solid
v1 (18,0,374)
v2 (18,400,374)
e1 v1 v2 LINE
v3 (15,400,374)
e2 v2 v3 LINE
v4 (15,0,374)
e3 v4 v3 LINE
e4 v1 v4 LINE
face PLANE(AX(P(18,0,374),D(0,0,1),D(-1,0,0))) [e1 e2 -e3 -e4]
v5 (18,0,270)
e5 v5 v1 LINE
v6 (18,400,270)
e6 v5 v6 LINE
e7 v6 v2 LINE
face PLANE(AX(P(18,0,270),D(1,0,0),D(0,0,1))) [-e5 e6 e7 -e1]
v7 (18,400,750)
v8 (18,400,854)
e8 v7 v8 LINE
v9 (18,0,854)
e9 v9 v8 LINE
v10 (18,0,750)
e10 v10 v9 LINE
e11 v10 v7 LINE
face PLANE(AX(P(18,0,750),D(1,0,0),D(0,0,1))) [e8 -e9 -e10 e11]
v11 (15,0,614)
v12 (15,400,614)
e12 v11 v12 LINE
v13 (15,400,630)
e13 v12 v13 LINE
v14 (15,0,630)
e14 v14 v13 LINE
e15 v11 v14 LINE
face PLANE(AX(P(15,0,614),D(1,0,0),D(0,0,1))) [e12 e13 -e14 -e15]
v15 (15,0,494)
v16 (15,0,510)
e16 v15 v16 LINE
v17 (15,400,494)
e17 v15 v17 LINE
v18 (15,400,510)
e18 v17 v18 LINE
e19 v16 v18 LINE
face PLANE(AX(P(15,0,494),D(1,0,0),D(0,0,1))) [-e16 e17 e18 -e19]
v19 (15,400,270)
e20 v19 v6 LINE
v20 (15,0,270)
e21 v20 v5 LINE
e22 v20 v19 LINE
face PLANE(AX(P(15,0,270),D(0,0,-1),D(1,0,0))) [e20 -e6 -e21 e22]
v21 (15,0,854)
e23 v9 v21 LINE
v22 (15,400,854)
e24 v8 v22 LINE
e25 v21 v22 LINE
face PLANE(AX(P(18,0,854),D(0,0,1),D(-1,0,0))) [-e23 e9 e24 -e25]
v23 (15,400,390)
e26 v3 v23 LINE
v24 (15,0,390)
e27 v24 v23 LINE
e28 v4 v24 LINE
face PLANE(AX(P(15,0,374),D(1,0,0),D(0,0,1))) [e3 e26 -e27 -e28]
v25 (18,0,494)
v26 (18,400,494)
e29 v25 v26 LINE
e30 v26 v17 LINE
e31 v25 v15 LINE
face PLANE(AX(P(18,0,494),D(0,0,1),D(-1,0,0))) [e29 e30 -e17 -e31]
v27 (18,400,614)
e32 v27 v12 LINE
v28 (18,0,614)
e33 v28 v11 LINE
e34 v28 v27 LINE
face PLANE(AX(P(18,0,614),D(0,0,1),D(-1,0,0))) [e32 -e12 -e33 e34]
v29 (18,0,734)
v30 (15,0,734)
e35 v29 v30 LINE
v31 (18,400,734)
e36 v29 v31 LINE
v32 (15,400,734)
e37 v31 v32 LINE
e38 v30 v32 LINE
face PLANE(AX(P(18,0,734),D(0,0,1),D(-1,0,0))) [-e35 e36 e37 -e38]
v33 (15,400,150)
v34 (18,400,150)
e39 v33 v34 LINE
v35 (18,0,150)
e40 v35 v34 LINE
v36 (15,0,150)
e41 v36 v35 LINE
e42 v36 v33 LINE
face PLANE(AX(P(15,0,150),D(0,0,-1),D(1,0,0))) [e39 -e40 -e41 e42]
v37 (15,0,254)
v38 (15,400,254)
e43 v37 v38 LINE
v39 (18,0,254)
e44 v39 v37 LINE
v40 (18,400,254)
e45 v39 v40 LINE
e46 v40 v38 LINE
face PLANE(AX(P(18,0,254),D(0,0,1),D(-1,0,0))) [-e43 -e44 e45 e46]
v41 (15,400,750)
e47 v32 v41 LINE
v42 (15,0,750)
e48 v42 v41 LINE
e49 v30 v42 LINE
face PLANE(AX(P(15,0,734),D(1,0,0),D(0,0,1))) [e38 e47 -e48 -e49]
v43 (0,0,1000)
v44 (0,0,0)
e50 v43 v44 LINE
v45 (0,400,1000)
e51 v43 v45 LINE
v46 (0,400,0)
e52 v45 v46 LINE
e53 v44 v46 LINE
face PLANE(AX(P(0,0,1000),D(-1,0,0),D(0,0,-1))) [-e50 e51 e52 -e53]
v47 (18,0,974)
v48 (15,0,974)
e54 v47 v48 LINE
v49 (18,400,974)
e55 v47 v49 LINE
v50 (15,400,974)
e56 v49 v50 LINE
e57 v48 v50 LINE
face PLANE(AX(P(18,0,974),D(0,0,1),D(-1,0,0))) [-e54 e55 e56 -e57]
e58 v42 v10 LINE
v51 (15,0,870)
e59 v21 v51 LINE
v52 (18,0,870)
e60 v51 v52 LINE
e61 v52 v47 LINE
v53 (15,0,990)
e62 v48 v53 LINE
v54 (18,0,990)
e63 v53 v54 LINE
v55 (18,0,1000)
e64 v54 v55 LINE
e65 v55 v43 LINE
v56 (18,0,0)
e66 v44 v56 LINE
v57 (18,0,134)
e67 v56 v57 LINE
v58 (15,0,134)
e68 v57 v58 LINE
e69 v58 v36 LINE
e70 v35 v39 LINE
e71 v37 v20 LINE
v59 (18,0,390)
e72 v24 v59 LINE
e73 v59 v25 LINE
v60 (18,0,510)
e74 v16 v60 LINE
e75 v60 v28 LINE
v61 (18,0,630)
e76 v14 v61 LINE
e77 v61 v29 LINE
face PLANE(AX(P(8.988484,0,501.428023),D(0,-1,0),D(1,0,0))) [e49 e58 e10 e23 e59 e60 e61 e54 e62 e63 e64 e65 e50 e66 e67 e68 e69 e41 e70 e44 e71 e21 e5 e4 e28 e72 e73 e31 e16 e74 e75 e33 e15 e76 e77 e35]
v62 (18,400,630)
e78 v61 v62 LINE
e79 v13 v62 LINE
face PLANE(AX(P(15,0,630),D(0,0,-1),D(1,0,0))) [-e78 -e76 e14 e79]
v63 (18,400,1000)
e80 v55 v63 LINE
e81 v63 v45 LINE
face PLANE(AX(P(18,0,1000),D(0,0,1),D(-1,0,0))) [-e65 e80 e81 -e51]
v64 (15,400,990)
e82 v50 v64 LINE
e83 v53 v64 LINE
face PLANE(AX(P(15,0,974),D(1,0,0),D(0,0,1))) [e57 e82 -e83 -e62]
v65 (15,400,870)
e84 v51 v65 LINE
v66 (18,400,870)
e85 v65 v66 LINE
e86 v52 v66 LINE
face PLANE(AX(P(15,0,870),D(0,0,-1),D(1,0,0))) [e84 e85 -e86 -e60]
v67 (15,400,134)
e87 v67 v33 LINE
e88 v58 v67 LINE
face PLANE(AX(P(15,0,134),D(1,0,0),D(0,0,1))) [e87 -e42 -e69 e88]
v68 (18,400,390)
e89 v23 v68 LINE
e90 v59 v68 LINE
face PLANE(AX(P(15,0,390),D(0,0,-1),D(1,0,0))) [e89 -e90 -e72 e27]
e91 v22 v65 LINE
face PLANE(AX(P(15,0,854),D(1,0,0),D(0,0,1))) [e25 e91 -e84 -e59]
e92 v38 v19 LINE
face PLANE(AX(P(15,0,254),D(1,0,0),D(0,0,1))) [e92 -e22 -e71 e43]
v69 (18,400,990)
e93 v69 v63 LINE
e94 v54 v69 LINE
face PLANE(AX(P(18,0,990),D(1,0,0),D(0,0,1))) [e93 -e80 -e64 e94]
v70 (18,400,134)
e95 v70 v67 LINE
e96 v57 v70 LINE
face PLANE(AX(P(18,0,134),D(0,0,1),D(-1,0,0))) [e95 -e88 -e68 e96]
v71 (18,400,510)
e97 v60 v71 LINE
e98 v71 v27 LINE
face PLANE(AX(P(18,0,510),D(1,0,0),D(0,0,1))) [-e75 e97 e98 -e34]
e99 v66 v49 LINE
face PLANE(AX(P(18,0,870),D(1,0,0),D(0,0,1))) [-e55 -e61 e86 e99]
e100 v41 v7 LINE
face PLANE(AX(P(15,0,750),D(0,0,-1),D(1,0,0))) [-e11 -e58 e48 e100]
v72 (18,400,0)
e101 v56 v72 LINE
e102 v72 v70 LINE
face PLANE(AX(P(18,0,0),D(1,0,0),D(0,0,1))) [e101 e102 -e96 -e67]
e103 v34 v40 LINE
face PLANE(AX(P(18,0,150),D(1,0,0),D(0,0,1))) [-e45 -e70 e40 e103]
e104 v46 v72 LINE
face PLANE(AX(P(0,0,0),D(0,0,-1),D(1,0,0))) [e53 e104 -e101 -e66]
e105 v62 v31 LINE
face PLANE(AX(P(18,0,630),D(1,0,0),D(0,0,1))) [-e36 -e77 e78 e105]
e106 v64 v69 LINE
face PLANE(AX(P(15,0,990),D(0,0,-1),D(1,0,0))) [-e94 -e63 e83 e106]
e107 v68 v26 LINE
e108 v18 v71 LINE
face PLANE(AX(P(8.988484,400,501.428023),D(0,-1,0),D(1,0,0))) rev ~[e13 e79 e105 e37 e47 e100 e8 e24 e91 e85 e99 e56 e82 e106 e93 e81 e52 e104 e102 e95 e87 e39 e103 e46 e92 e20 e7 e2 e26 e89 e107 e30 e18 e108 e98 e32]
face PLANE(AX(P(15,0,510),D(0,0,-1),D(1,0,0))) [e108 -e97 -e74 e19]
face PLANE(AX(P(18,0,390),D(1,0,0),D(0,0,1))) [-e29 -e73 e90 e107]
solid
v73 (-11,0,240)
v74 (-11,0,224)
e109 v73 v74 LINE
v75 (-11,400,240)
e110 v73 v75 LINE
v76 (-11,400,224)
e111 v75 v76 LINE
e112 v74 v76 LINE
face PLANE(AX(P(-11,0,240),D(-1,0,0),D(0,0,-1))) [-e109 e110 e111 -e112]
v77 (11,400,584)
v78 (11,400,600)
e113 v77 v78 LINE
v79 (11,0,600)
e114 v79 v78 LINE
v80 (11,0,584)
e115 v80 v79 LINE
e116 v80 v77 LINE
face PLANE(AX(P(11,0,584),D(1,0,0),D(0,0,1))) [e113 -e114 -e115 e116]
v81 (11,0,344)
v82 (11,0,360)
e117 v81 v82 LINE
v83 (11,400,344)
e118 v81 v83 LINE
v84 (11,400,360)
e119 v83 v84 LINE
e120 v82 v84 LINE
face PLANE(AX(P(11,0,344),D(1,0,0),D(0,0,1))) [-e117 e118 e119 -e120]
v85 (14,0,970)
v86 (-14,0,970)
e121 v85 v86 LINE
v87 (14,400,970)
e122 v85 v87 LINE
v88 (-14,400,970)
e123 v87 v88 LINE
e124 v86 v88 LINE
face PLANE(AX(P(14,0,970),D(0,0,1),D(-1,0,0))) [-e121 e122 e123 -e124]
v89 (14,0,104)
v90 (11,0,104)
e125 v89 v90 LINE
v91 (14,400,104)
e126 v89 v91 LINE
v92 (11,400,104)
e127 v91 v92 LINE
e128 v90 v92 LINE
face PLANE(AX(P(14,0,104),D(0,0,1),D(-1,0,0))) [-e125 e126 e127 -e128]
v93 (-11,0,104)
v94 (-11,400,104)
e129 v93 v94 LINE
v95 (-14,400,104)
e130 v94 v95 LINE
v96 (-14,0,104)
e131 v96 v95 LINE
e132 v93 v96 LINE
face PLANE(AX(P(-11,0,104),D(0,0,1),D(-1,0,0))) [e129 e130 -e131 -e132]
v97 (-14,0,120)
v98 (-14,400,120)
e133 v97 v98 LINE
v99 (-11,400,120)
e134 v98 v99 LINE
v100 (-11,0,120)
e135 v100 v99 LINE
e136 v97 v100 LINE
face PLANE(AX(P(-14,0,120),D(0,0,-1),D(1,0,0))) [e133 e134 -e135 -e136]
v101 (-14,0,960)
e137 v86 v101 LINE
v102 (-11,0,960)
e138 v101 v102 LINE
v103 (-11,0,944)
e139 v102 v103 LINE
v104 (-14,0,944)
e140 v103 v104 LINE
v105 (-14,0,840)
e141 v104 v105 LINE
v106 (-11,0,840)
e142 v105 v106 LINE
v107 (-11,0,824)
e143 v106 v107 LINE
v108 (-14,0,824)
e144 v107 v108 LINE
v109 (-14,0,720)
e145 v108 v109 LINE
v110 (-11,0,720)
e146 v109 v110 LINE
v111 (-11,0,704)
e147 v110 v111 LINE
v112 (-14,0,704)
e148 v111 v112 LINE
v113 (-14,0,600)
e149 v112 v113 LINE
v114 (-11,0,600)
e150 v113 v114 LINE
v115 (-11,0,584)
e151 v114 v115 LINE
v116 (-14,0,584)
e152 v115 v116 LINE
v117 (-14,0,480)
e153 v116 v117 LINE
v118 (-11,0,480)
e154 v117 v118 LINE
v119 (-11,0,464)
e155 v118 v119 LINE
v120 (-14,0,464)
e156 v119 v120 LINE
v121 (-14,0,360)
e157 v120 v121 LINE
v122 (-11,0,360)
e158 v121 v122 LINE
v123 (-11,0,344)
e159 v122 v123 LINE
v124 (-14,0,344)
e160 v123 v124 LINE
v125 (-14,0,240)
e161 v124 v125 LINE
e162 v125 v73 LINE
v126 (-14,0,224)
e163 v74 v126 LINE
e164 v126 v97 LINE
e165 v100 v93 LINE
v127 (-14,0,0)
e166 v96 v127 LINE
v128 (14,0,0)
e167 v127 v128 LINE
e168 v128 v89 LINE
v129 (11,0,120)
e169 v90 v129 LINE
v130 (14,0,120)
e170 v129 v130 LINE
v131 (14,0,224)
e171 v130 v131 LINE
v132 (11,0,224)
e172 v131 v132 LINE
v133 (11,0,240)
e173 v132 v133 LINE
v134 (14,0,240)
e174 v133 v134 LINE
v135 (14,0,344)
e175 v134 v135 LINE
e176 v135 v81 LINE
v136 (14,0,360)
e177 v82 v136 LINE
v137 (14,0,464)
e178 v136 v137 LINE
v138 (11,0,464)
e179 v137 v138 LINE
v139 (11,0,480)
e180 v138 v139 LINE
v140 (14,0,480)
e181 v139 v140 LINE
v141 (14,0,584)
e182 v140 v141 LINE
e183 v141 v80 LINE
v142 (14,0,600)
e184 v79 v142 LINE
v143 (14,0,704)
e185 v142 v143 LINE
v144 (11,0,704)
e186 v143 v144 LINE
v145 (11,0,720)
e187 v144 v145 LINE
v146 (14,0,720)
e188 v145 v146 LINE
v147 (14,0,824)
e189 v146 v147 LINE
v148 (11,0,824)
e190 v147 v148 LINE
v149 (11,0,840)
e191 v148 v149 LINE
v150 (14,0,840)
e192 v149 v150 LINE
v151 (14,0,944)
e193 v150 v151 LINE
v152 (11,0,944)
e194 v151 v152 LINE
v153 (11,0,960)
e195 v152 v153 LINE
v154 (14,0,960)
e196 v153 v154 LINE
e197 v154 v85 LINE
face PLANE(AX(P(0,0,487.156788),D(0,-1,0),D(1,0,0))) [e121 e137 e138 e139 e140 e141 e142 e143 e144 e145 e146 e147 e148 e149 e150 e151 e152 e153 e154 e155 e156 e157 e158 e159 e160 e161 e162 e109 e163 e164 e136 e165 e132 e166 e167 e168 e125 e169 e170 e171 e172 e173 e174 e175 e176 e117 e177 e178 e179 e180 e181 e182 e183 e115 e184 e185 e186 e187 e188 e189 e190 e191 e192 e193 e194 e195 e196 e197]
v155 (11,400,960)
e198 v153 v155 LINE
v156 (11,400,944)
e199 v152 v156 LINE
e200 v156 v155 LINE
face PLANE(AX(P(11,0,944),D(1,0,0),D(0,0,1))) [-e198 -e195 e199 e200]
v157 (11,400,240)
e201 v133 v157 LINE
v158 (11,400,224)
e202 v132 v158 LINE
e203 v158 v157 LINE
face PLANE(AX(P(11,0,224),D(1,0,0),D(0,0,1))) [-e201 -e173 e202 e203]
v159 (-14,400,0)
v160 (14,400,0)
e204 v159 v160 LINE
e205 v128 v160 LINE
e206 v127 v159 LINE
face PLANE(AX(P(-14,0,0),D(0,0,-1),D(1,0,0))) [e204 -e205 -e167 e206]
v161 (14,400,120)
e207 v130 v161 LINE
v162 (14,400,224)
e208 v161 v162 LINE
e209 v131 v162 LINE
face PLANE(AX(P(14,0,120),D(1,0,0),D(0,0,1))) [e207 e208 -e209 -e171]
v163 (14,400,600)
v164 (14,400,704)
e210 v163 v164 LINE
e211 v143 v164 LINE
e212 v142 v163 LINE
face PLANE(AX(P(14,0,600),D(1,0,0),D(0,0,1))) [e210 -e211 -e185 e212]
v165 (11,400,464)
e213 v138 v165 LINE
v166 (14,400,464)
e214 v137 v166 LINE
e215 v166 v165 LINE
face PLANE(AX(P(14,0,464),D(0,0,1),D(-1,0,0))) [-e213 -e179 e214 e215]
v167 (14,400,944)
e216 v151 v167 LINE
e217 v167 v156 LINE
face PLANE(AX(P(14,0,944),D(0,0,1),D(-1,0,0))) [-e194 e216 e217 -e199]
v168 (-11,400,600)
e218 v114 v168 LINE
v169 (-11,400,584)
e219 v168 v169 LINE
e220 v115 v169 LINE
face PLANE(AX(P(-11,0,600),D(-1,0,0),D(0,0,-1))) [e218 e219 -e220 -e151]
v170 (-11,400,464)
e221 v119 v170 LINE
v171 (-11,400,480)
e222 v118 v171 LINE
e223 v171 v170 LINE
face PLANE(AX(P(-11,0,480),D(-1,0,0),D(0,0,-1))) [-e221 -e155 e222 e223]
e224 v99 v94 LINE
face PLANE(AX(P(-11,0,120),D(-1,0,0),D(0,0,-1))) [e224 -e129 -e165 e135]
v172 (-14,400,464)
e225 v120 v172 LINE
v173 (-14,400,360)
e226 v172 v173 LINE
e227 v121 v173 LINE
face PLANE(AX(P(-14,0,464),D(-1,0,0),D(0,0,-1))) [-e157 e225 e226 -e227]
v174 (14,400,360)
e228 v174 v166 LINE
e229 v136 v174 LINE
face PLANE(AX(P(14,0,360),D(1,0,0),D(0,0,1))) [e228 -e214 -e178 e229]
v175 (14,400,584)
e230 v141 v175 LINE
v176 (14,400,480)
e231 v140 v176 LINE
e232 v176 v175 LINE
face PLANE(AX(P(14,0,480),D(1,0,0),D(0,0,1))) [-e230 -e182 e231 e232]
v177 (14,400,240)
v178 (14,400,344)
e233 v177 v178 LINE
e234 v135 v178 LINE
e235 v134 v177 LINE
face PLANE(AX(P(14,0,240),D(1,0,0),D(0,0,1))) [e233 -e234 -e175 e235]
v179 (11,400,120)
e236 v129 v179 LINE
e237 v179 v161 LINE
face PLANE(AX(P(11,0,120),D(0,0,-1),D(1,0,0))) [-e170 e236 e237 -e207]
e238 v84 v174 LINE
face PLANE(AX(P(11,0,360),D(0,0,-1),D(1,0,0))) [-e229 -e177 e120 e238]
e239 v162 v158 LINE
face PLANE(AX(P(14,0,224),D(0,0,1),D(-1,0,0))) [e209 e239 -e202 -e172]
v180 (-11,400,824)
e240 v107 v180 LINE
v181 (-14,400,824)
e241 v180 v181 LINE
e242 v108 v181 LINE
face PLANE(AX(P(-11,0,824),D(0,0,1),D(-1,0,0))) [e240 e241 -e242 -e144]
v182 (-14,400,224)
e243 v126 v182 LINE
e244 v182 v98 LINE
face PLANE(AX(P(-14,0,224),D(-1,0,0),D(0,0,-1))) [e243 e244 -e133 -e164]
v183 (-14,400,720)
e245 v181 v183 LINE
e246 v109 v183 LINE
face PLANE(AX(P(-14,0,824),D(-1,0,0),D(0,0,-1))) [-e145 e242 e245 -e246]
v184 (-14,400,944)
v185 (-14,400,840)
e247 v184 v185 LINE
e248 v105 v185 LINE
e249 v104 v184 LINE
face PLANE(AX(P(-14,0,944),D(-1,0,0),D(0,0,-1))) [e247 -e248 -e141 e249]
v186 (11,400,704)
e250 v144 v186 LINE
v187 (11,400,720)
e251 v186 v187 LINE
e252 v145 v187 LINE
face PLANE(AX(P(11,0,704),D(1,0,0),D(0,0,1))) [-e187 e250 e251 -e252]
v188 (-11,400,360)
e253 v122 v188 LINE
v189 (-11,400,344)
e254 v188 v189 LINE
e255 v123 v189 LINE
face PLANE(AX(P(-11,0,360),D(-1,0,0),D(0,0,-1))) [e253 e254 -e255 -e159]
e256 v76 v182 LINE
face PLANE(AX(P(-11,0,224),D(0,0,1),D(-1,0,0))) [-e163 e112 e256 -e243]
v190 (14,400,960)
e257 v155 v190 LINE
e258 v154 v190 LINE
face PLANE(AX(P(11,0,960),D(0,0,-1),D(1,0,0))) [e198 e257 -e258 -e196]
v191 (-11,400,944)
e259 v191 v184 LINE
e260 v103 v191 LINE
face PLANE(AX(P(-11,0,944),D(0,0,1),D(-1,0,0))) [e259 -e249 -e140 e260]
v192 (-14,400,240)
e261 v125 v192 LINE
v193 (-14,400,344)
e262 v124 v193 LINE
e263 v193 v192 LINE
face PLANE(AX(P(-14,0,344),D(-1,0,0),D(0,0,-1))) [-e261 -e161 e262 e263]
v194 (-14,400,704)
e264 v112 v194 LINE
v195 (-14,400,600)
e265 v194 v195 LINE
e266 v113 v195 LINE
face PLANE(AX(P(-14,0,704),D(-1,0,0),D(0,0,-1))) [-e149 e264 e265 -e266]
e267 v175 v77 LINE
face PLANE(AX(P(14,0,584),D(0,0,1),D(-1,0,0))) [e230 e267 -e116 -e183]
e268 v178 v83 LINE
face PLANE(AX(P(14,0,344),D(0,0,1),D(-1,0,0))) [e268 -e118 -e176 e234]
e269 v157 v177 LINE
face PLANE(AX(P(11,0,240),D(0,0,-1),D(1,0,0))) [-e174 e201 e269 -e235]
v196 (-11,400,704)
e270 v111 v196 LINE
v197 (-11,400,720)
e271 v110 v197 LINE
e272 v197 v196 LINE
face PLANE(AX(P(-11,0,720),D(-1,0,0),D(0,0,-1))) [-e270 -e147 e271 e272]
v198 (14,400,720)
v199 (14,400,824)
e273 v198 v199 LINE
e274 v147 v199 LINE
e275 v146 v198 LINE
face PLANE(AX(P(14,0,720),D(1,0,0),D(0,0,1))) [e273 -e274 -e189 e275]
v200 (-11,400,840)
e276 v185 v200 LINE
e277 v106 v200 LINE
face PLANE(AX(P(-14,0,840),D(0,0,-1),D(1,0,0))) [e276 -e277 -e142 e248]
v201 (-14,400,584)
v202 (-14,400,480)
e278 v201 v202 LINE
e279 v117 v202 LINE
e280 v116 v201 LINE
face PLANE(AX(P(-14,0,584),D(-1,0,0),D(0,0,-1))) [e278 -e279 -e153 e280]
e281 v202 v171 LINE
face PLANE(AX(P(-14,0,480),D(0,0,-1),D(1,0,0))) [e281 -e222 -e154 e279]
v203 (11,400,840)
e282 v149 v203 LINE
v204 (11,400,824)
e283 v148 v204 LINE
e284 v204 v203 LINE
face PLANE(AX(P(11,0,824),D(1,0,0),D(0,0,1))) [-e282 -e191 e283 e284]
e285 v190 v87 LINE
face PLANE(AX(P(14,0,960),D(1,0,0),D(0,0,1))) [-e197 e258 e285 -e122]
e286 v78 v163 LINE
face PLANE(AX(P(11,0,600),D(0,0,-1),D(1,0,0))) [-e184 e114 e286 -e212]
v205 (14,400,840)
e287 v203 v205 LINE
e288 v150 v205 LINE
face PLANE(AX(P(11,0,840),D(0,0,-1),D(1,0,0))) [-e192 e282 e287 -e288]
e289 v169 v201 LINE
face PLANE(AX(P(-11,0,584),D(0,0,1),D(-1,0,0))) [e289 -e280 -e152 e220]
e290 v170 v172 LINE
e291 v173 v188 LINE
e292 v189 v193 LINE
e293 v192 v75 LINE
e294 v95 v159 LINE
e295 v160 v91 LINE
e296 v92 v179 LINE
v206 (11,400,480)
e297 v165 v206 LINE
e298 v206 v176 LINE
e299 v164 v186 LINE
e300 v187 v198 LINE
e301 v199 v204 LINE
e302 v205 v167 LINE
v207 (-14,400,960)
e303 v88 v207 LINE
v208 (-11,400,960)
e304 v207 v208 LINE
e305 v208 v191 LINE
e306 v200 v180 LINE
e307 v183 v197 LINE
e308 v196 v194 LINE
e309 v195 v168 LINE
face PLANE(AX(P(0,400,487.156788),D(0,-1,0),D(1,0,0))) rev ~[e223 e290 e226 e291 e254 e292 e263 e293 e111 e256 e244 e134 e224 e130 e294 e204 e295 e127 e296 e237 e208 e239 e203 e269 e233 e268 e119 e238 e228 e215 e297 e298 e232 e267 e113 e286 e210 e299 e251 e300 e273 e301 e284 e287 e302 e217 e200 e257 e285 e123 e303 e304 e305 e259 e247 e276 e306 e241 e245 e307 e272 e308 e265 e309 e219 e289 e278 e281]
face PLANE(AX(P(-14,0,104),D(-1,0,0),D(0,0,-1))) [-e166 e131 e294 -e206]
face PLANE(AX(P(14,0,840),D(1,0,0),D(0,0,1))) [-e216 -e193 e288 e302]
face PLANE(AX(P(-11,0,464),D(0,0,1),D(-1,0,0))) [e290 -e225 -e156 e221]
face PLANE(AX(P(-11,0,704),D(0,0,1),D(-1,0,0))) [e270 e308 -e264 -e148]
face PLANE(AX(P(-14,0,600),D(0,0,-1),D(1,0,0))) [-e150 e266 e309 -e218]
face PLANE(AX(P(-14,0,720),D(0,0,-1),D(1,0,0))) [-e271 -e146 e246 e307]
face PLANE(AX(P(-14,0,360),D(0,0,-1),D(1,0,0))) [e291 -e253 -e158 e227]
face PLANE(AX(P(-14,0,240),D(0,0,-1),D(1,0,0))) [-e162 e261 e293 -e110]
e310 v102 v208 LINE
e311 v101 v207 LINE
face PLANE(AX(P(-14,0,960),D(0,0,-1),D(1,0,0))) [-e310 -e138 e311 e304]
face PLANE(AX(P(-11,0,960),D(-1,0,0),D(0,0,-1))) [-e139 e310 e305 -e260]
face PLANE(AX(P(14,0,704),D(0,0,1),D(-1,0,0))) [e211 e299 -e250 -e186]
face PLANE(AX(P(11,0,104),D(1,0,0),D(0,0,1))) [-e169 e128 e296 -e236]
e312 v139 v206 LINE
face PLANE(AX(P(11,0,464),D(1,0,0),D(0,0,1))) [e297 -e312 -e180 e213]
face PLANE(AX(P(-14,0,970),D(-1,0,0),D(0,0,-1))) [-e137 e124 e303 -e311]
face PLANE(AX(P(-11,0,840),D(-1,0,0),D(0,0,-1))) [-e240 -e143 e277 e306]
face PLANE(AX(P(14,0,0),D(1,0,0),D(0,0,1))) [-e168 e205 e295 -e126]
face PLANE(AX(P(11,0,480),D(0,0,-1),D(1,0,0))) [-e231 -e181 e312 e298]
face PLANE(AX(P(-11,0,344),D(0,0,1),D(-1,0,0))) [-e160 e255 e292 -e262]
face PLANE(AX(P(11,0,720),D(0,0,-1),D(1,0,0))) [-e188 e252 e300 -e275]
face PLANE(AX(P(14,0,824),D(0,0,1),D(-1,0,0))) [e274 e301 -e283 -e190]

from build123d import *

# Parameters (mm, degrees)
F1_DEPTH = 400
F3_DEPTH = 400


with BuildPart() as f1:
    # F0 (on Front) → F1 (new body)
    with BuildSketch(Plane.XZ):
        Polygon((0, 1000), (0, 0), (18, 0), (18, 30), (18, 134), (15, 134), (15, 150), (18, 150), (18, 254), (15, 254), (15, 270), (18, 270), (18, 374), (15, 374), (15, 390), (18, 390), (18, 494), (15, 494), (15, 510), (18, 510), (18, 614), (15, 614), (15, 630), (18, 630), (18, 734), (15, 734), (15, 750), (18, 750), (18, 854), (15, 854), (15, 870), (18, 870), (18, 974), (15, 974), (15, 990), (18, 990), (18, 1000), align=None)
    extrude(amount=-F1_DEPTH)


with BuildPart() as f3:
    # F2 (on Front) → F3 (new body)
    with BuildSketch(Plane.XZ):
        Polygon((14, 970), (0, 970), (-14, 970), (-14, 960), (-11, 960), (-11, 944), (-14, 944), (-14, 840), (-11, 840), (-11, 824), (-14, 824), (-14, 720), (-11, 720), (-11, 704), (-14, 704), (-14, 600), (-11, 600), (-11, 584), (-14, 584), (-14, 480), (-11, 480), (-11, 464), (-14, 464), (-14, 360), (-11, 360), (-11, 344), (-14, 344), (-14, 240), (-11, 240), (-11, 224), (-14, 224), (-14, 120), (-11, 120), (-11, 104), (-14, 104), (-14, 0), (0, 0), (14, 0), (14, 104), (11, 104), (11, 120), (14, 120), (14, 224), (11, 224), (11, 240), (14, 240), (14, 344), (11, 344), (11, 360), (14, 360), (14, 464), (11, 464), (11, 480), (14, 480), (14, 584), (11, 584), (11, 600), (14, 600), (14, 704), (11, 704), (11, 720), (14, 720), (14, 824), (11, 824), (11, 840), (14, 840), (14, 944), (11, 944), (11, 960), (14, 960), align=None)
    extrude(amount=-F3_DEPTH)


solid = Compound([f1.part, f3.part])
